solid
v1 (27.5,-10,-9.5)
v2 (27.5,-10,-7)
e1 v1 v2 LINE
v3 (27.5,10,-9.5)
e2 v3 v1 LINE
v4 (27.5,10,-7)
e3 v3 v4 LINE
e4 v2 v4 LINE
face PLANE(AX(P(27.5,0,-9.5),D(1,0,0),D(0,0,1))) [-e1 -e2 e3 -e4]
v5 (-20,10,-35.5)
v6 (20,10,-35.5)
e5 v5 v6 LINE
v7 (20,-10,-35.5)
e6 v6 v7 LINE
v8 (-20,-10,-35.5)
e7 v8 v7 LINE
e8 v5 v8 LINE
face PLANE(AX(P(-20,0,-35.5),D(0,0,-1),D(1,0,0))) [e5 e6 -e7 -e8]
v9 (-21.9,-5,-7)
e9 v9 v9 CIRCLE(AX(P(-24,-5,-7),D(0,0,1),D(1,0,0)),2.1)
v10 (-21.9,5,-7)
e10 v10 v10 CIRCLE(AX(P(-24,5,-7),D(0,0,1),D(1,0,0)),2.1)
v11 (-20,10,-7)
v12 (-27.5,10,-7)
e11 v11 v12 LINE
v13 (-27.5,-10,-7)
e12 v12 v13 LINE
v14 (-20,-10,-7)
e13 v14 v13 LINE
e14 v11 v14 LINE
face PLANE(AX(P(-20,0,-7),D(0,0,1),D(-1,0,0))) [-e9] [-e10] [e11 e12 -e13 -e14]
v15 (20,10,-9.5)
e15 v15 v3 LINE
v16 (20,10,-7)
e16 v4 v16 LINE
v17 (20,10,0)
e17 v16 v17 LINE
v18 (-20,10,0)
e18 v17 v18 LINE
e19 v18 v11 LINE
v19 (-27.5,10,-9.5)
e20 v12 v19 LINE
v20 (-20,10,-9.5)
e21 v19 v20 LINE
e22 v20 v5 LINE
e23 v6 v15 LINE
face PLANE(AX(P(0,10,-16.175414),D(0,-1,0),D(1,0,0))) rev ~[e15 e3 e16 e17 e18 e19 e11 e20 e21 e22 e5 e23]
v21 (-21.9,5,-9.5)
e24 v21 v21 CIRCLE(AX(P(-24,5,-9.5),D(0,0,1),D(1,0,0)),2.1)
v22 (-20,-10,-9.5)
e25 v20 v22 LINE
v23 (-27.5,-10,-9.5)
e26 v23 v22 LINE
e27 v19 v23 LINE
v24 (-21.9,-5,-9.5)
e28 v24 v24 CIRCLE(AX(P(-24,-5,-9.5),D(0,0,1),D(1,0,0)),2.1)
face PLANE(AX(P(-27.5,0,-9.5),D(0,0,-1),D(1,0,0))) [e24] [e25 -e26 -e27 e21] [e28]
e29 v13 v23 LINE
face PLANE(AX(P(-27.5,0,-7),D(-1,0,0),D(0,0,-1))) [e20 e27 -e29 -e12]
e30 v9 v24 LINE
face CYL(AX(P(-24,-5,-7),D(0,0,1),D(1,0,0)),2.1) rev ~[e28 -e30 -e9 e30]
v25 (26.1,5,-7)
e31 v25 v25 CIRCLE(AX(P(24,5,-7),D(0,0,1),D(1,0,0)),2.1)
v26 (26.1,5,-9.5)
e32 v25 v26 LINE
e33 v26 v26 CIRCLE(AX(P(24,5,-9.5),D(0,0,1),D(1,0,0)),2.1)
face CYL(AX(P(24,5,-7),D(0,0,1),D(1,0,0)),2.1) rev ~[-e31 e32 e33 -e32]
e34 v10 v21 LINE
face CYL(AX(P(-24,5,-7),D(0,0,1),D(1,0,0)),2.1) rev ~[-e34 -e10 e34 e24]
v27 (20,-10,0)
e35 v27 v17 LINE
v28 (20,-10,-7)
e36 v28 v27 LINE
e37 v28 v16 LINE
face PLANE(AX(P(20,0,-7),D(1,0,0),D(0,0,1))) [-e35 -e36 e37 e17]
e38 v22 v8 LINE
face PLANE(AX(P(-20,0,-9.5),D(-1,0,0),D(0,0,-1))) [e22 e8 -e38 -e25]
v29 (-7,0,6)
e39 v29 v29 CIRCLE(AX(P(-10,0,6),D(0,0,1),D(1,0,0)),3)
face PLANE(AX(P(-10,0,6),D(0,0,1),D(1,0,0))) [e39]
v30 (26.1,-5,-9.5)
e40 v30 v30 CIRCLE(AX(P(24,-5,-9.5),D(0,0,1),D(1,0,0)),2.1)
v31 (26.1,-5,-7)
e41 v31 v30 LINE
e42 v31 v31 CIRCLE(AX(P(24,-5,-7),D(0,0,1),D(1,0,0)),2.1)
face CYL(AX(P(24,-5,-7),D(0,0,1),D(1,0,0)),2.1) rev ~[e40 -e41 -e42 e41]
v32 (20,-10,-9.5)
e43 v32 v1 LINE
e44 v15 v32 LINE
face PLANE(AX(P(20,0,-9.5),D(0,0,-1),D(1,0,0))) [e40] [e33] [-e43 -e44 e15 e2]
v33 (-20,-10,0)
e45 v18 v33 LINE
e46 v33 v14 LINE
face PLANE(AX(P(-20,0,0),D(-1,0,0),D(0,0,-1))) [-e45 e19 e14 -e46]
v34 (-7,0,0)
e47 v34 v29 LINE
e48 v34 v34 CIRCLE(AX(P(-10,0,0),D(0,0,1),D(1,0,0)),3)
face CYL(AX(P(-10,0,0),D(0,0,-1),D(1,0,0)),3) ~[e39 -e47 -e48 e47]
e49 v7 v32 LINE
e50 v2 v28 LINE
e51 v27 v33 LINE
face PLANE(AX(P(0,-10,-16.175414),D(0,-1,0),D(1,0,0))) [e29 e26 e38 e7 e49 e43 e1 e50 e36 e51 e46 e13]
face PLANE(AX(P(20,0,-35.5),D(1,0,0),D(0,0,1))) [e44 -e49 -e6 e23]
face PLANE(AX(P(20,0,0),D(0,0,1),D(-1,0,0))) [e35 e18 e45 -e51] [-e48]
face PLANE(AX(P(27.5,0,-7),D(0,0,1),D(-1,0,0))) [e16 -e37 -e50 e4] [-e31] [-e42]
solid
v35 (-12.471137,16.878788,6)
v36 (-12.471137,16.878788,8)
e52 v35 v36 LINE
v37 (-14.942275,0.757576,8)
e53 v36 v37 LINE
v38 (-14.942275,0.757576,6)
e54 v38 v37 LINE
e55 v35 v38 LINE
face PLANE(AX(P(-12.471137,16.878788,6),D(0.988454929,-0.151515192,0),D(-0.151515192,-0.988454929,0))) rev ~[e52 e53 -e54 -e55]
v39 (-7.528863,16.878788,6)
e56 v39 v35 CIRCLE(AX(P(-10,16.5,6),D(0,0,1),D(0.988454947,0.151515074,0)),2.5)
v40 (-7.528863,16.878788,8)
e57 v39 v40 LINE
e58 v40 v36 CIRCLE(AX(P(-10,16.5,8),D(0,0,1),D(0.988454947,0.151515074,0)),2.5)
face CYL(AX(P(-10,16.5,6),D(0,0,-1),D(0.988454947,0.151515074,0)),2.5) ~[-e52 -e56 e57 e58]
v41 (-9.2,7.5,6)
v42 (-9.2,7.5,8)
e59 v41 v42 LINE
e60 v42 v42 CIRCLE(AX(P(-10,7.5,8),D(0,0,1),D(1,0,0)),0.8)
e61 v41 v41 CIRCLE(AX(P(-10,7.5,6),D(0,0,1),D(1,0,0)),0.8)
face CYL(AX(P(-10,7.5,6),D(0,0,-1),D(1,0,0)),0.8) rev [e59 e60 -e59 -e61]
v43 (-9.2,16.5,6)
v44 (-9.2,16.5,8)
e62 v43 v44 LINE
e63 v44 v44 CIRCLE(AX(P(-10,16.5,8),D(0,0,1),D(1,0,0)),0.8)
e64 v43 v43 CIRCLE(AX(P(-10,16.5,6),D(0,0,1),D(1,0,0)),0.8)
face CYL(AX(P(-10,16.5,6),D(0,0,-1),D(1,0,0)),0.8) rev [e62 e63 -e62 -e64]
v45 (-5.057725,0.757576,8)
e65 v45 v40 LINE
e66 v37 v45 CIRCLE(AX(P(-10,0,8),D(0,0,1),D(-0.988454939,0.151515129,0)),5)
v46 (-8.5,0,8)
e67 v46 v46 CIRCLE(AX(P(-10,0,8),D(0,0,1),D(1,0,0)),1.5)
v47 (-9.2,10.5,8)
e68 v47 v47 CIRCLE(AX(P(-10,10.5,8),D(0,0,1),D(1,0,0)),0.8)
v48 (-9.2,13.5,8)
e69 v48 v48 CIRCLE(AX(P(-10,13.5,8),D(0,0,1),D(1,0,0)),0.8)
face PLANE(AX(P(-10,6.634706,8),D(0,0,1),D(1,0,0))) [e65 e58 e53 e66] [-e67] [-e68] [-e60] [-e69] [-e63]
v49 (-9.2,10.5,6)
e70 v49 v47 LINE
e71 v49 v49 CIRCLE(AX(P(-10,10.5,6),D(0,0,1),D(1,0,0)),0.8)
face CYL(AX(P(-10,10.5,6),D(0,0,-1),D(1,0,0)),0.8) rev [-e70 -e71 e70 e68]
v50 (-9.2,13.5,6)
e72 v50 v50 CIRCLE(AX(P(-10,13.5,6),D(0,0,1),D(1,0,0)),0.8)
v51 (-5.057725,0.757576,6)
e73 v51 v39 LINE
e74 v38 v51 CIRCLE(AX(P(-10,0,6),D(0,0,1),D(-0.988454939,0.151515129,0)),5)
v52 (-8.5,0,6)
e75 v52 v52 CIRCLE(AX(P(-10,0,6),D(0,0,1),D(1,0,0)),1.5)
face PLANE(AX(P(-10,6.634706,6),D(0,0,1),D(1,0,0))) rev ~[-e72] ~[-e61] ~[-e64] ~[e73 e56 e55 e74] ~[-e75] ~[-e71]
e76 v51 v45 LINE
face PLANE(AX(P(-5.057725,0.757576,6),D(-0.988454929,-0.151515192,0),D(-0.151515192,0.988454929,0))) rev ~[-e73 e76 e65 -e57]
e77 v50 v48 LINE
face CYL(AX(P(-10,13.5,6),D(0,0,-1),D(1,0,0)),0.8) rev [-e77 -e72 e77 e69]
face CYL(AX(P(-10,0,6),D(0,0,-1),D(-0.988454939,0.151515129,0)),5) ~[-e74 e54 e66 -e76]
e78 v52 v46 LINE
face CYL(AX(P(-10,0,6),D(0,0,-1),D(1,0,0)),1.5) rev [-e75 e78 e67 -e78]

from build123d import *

# Parameters (mm, degrees)
F1_DEPTH = 10
F2_R     = 3
F3_DEPTH = 6
F4_R     = 2.1
F5_DEPTH = 28.501
F6_R     = 3
F6_R_2   = 0.8
F6_R_3   = 1.5
F7_DEPTH = 2


with BuildPart() as f1:
    # F0 (on Front) → F1 (new body, symmetric)
    with BuildSketch(Plane.XZ):
        Polygon((20, 0), (0, 0), (-20, 0), (-20, -7), (-27.5, -7), (-27.5, -9.5), (-20, -9.5), (-20, -35.5), (0, -35.5), (20, -35.5), (20, -9.5), (27.5, -9.5), (27.5, -7), (20, -7), align=None)
    extrude(amount=F1_DEPTH, both=True)

    # F2 (on face) → F3 (join)
    with BuildSketch(Plane.XY):
        with Locations((-10, 0)):
            Circle(F2_R)
    extrude(amount=F3_DEPTH)

    # F4 (on face) → F5 (cut, through all)
    with BuildSketch(Plane.XY.offset(-7)):
        with Locations((-24, 5)):
            Circle(F4_R)
        with Locations((-24, -5)):
            Circle(F4_R)
        with Locations((24, 5)):
            Circle(F4_R)
        with Locations((24, -5)):
            Circle(F4_R)
    extrude(amount=-F5_DEPTH, mode=Mode.SUBTRACT)


with BuildPart() as f7:
    # F6 (on face) → F7 (new body)
    with BuildSketch(Plane.XY.offset(6)):
        with BuildLine():
            Line((-5.057725, 0.757576), (-7.528863, 16.878788))
            ThreePointArc((-7.528863, 16.878788), (-10, 19), (-12.471137, 16.878788))
            Line((-12.471137, 16.878788), (-14.942275, 0.757576))
            ThreePointArc((-14.942275, 0.757576), (-10, -5), (-5.057725, 0.757576))
        make_face()
        with Locations((-10, 0)):
            Circle(F6_R, mode=Mode.SUBTRACT)
        with Locations((-10, 7.5)):
            Circle(F6_R_2, mode=Mode.SUBTRACT)
        with Locations((-10, 10.5)):
            Circle(F6_R_2, mode=Mode.SUBTRACT)
        with Locations((-10, 13.5)):
            Circle(F6_R_2, mode=Mode.SUBTRACT)
        with Locations((-10, 16.5)):
            Circle(F6_R_2, mode=Mode.SUBTRACT)
        with Locations((-10, 0)):
            Circle(F6_R)
        with Locations((-10, 0)):
            Circle(F6_R_3, mode=Mode.SUBTRACT)
    extrude(amount=F7_DEPTH)


solid = Compound([f1.part, f7.part])
